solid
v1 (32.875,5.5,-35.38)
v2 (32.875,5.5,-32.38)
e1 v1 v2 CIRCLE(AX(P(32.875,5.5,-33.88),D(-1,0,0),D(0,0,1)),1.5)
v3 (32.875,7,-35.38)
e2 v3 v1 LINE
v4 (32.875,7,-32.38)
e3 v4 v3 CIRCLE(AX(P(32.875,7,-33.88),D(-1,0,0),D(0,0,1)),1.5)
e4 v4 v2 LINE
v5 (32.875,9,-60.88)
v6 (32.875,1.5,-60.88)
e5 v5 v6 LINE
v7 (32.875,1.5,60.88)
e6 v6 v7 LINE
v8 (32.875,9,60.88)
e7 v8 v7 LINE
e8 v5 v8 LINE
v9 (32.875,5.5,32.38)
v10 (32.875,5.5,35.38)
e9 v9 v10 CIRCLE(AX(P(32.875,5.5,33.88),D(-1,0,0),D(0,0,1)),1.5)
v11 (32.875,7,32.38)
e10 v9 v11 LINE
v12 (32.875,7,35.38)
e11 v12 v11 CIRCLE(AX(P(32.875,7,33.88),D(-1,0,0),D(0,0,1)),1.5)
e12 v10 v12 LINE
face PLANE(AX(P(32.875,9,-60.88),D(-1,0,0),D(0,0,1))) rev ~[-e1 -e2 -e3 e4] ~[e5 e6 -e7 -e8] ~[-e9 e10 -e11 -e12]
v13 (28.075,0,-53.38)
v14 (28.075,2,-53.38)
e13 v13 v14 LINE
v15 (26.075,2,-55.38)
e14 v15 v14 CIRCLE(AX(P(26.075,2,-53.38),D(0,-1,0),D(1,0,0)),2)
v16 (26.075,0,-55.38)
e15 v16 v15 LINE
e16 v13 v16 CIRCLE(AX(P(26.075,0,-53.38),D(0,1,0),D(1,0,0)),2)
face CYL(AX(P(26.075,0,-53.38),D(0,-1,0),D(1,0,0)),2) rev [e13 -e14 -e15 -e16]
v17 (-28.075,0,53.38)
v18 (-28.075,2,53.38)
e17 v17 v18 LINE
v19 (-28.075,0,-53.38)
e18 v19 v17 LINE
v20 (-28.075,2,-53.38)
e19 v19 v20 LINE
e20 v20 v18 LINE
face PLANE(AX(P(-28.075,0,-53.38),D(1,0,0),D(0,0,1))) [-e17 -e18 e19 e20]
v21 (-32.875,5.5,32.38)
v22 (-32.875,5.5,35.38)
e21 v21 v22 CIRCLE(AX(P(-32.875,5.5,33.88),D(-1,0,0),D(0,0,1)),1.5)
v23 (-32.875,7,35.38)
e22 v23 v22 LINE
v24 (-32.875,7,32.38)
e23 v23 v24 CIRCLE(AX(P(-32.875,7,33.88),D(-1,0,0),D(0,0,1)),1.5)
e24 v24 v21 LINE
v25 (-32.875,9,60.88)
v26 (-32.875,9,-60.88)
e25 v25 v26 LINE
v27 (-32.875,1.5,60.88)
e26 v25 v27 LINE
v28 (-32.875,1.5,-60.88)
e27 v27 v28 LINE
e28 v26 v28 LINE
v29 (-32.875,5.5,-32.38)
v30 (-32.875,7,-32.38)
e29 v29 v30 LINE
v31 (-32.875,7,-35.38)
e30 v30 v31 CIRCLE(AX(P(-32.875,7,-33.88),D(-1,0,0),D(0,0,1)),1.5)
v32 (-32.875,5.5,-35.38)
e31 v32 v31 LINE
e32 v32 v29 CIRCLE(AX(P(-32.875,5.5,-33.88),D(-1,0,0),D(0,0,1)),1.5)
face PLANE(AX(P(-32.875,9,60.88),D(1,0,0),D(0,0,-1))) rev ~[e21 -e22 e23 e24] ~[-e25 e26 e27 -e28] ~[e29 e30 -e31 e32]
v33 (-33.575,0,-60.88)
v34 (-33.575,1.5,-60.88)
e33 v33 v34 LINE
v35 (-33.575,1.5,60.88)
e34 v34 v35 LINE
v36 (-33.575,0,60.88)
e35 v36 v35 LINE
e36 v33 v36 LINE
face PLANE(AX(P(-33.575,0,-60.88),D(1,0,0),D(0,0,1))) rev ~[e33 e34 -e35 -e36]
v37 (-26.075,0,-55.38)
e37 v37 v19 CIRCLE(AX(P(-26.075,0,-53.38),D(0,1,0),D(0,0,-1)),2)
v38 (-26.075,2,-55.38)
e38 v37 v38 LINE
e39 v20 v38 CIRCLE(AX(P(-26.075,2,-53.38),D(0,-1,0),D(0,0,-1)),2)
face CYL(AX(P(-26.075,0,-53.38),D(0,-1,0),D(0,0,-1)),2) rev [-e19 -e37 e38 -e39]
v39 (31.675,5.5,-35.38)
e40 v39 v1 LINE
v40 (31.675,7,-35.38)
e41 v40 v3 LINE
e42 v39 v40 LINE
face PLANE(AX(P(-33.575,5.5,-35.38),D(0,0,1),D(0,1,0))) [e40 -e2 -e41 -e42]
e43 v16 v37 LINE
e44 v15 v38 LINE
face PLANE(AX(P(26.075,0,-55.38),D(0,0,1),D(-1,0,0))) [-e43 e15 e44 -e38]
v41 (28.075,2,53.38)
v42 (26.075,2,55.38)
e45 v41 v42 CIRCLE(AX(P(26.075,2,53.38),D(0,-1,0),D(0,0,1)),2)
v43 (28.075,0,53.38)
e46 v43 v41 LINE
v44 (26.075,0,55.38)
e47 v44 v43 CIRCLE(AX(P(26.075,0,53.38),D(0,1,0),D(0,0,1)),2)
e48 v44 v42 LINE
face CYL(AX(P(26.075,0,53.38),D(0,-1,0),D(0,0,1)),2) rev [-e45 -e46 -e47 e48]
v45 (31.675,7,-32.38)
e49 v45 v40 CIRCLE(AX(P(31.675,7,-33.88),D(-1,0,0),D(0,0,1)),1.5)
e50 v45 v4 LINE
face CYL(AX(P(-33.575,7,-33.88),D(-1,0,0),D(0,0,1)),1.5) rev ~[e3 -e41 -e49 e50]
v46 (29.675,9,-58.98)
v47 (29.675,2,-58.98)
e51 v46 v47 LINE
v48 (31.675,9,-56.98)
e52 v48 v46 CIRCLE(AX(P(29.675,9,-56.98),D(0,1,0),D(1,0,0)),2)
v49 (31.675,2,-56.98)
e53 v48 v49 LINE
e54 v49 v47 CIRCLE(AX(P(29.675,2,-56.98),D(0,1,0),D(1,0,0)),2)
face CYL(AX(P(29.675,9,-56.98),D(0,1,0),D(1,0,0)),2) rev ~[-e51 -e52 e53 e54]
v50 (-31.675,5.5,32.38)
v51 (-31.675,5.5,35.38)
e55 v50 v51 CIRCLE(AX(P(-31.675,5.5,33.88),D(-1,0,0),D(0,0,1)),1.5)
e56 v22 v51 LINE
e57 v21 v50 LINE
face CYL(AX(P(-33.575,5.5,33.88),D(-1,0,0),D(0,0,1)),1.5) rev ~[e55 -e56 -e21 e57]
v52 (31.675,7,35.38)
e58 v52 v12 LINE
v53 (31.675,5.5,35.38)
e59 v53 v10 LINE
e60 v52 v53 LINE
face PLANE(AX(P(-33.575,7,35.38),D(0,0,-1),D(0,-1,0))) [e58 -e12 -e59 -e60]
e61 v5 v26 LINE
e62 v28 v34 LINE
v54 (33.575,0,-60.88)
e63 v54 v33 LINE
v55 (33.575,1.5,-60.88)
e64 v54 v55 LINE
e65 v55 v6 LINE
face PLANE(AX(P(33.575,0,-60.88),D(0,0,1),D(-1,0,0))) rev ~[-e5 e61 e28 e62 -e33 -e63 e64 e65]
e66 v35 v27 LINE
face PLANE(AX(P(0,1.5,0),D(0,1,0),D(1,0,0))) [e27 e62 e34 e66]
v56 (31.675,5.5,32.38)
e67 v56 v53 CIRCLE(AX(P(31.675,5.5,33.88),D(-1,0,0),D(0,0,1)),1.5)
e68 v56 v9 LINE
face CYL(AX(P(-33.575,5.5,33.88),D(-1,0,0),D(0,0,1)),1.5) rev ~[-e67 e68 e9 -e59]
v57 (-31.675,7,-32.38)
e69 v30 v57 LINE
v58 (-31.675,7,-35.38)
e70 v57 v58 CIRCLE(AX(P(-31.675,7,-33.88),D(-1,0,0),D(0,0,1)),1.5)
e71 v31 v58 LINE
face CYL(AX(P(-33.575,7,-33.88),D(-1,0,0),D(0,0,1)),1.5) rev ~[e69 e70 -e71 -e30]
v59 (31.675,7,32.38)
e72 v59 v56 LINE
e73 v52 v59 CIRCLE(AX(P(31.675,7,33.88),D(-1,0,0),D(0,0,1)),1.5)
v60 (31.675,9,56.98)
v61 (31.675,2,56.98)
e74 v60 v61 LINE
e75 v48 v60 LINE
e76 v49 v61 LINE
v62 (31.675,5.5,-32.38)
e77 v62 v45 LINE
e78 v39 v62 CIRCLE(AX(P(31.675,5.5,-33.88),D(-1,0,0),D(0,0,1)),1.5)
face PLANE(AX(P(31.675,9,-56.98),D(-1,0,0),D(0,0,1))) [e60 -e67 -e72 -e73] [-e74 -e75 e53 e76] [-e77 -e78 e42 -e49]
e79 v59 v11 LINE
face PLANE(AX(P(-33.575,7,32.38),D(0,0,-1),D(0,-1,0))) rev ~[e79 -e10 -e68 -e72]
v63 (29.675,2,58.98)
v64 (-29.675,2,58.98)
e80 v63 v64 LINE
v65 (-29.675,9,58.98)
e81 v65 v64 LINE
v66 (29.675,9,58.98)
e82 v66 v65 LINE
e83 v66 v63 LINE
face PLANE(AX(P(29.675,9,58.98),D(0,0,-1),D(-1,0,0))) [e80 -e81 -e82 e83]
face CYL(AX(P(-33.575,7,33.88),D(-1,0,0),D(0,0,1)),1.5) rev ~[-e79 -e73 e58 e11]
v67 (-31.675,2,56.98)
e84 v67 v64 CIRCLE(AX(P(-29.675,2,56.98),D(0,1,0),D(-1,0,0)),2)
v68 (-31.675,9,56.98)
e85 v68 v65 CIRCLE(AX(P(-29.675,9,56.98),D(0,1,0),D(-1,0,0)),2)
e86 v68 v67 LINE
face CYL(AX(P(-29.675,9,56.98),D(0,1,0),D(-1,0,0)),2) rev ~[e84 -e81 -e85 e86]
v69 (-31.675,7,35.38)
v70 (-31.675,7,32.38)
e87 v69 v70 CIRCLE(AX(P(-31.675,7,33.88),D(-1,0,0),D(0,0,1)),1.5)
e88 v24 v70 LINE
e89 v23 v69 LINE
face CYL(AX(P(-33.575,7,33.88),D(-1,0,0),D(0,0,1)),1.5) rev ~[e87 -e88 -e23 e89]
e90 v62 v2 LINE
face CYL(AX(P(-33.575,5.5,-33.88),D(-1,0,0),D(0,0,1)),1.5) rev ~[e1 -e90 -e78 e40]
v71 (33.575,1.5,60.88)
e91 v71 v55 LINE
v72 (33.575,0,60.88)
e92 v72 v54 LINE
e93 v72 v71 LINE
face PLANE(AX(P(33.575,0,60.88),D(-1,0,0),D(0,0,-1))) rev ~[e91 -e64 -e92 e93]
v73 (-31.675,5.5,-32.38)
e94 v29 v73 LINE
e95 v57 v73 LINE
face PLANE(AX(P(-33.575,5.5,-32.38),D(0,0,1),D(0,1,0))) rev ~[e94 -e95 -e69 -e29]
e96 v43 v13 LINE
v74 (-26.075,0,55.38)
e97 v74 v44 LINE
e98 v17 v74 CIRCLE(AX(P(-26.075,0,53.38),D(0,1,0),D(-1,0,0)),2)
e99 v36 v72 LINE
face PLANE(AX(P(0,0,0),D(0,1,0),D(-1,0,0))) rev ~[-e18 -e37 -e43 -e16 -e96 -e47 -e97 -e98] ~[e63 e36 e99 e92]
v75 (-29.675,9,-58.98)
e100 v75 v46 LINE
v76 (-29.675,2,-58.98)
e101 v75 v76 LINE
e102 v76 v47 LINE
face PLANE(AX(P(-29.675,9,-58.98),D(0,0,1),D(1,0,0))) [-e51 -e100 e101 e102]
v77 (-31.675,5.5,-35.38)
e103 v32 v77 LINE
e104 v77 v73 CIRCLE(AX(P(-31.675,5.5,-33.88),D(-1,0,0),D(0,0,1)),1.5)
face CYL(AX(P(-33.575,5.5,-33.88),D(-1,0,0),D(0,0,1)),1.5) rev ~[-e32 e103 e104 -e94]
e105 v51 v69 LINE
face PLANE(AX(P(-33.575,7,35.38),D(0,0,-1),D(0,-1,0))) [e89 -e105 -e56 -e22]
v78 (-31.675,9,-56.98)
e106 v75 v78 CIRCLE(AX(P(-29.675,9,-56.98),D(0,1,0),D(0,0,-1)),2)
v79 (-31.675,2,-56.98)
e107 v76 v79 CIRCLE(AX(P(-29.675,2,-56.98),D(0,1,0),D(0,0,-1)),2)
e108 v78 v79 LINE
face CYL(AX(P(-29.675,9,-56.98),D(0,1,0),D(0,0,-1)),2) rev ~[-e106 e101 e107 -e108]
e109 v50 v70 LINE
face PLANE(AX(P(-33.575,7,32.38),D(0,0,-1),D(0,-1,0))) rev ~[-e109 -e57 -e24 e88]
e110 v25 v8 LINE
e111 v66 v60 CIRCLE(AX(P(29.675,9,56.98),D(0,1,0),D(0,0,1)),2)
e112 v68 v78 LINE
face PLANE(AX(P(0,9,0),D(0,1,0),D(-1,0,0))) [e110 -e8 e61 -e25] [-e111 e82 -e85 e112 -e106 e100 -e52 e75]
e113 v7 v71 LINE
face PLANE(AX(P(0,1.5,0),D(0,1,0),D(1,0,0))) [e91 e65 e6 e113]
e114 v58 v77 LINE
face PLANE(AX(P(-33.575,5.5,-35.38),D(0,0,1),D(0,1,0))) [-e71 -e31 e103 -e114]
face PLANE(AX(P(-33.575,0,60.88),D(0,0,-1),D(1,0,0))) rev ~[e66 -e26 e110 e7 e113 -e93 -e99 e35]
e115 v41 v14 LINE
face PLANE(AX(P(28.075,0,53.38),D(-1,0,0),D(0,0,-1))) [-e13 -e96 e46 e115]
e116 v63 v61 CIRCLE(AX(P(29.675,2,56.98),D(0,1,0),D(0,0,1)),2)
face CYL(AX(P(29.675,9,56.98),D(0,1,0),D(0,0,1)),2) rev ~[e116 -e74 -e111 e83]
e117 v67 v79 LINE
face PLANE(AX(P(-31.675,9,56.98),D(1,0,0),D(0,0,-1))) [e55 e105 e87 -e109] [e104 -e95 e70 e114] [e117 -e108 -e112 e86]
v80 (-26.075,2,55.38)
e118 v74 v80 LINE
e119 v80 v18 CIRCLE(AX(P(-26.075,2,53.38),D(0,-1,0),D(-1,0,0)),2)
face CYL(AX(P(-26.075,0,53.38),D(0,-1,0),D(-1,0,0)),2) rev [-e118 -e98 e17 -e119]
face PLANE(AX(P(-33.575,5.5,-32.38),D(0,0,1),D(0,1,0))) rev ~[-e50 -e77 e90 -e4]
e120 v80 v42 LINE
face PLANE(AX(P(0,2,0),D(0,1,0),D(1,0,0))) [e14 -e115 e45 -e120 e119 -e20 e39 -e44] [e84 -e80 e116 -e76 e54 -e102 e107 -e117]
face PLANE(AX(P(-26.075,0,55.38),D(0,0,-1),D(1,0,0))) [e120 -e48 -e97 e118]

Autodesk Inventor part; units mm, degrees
ref_plane "YZ Plane" through (0, 0, 0) normal (1, 0, 0) x (0, 1, 0)
ref_plane "XZ Plane" through (0, 0, 0) normal (0, 1, 0) x (-1, 0, 0)
ref_plane "XY Plane" through (0, 0, 0) normal (0, 0, 1) x (1, 0, 0)
sketch "Sketch1" plane through (0, 0, 0) normal (0, 1, 0) x (-1, 0, 0)
  line L0 (33.575, 60.88) -> (-33.575, 60.88)
  line L1 (-33.575, 60.88) -> (-33.575, -60.88)
  line L2 (-33.575, -60.88) -> (33.575, -60.88)
  line L3 (33.575, -60.88) -> (33.575, 60.88)
  line L4 (21.765, 52.07) -> (27.765, 52.07) construction
  line L5 (0, 0) -> (-80.4548, 0) construction
  line L6 (0, 0) -> (0, 46.6746) construction
  line L7 (28.575, 55.88) -> (-28.575, 55.88) construction
  line L8 (-28.575, 55.88) -> (-28.575, -55.88) construction
  line L9 (-28.575, -55.88) -> (28.575, -55.88) construction
  line L10 (28.575, -55.88) -> (28.575, 55.88) construction
  circle A0 centre (24.765, 52.07) radius 1.5 construction
  circle A1 centre (-24.765, 52.07) radius 1.5 construction
  circle A2 centre (24.765, -41.91) radius 3.8303 construction
  circle A3 centre (-24.765, -41.91) radius 3.8303 construction
  line L11 (26.075, 55.38) -> (-26.075, 55.38)
  line L12 (-26.075, -55.38) -> (26.075, -55.38)
  line L13 (28.575, 55.88) -> (-28.575, -55.88) construction
  line L14 (28.575, -55.88) -> (-28.575, 55.88) construction
  line L15 (28.075, -53.38) -> (28.075, 53.38)
  arc A4 (26.075, -55.38) -> (28.075, -53.38) centre (26.075, -53.38) ccw
  arc A5 (-28.075, -53.38) -> (-26.075, -55.38) centre (-26.075, -53.38) ccw
  line L16 (-28.075, 53.38) -> (-28.075, -53.38)
  arc A6 (28.075, 53.38) -> (26.075, 55.38) centre (26.075, 53.38) ccw
  arc A7 (-26.075, 55.38) -> (-28.075, 53.38) centre (-26.075, 53.38) ccw
  point P0 (28.075, 55.38)
  point P1 (-28.075, 55.38)
  dimension "d77" = 57.15
  dimension "d78" = 3.81
  dimension "d79" = 3.81
  dimension "d80" = 3.81
  dimension "d81" = 3.81
  dimension "d82" = 3
  dimension "d85" = 111.76
  dimension "d88" = 3.81
  dimension "d100" = 0.5
  dimension "d101" = 5
  dimension "d104" = 0.5
  dimension "d107" = 5
  dimension "d109" = 5
  dimension "d115" = 0.5
  dimension "d122" = 5
  dimension "d123" = 2
  dimension "d129" = 0.5
  dimension "d130" = 2
extrude "Extrusion1" add sketch "Sketch1" along normal blind 9
sketch "Sketch5" plane through (0, 9, 0) normal (0, 1, 0) x (1, 0, 0)
  line L0 (-29.675, 58.98) -> (29.675, 58.98)
  line L1 (31.675, 56.98) -> (31.675, -56.98)
  line L2 (29.675, -58.98) -> (-29.675, -58.98)
  line L3 (-31.675, -56.98) -> (-31.675, 56.98)
  line L4 (33.575, 60.88) -> (-33.575, 60.88) projected
  arc A0 (-29.675, 58.98) -> (-31.675, 56.98) centre (-29.675, 56.98) ccw
  arc A1 (31.675, 56.98) -> (29.675, 58.98) centre (29.675, 56.98) ccw
  arc A2 (29.675, -58.98) -> (31.675, -56.98) centre (29.675, -56.98) ccw
  arc A3 (-31.675, -56.98) -> (-29.675, -58.98) centre (-29.675, -56.98) ccw
  line L5 (-33.575, 60.88) -> (-33.575, -60.88) projected
  line L6 (33.575, -60.88) -> (33.575, 60.88) projected
  line L7 (-33.575, -60.88) -> (33.575, -60.88) projected
  point P0 (0, 0)
  point P1 (-31.675, 58.98)
  point P2 (31.675, -58.98)
  point P3 (31.675, 58.98)
  point P4 (-31.675, -58.98)
  dimension "d131" = 1.9
  dimension "d134" = 2
  dimension "d135" = 1.9
  dimension "d136" = 1.9
  dimension "d137" = 1.9
  dimension "d138" = 63.35
extrude "Extrusion5" cut sketch "Sketch5" against normal blind 7 contours L0 A1 L1 A2 L2 A3 L3 A0
sketch "Sketch6" plane through (-33.575, 0, -60.88) normal (-1, 0, 0) x (0, 0, 1)
  circle A0 centre (94.76, 7) radius 1.5
  circle A1 centre (27, 5.5) radius 1.5
  line L0 (0, 0) -> (121.76, 0) projected
  line L1 (121.76, 0) -> (121.76, 9) projected
  line L2 (0, 0) -> (0, 9) projected
  circle A2 centre (94.76, 5.5) radius 1.5
  line L3 (94.76, 7) -> (94.76, 5.5) construction
  line L4 (93.26, 7) -> (93.26, 5.5)
  line L5 (96.26, 7) -> (96.26, 5.5)
  circle A3 centre (27, 7) radius 1.5
  line L6 (27, 5.5) -> (27, 7) construction
  line L7 (28.5, 5.5) -> (28.5, 7)
  line L8 (25.5, 5.5) -> (25.5, 7)
  point P0 (60.88, 0)
  point P1 (28.5, 7)
  point P2 (25.5, 7)
  dimension "d139" = 3
  dimension "d140" = 7
  dimension "d141" = 5.5
  dimension "d142" = 27
  dimension "d143" = 27
  dimension "d146" = 3
  dimension "d147" = 3
  dimension "d148" = 1.5
  dimension "d149" = 1.5
extrude "Extrusion6" cut sketch "Sketch6" against normal blind 70
sketch "Sketch7" plane through (0, 9, 0) normal (0, 1, 0) x (1, 0, 0)
  line L0 (33.575, 60.88) -> (-33.575, 60.88) projected
  line L1 (-33.575, -60.88) -> (-32.875, -60.88)
  line L2 (-32.875, -60.88) -> (-32.875, 60.88)
  line L3 (-32.875, 60.88) -> (-33.575, 60.88)
  line L4 (-33.575, 60.88) -> (-33.575, -60.88)
  line L5 (-33.575, -60.88) -> (33.575, -60.88) projected
  line L6 (33.575, 60.88) -> (32.875, 60.88)
  line L7 (32.875, 60.88) -> (32.875, -60.88)
  line L8 (32.875, -60.88) -> (33.575, -60.88)
  line L9 (33.575, -60.88) -> (33.575, 60.88)
  point P0 (0, 0)
  dimension "d150" = 0.7
  dimension "d151" = 0.7
extrude "Extrusion7" cut sketch "Sketch7" against normal blind 7.5 contours L9 L5 L7 L0 | L2 L1 L4 L0
properties part number "RahmenV04_TOP"
